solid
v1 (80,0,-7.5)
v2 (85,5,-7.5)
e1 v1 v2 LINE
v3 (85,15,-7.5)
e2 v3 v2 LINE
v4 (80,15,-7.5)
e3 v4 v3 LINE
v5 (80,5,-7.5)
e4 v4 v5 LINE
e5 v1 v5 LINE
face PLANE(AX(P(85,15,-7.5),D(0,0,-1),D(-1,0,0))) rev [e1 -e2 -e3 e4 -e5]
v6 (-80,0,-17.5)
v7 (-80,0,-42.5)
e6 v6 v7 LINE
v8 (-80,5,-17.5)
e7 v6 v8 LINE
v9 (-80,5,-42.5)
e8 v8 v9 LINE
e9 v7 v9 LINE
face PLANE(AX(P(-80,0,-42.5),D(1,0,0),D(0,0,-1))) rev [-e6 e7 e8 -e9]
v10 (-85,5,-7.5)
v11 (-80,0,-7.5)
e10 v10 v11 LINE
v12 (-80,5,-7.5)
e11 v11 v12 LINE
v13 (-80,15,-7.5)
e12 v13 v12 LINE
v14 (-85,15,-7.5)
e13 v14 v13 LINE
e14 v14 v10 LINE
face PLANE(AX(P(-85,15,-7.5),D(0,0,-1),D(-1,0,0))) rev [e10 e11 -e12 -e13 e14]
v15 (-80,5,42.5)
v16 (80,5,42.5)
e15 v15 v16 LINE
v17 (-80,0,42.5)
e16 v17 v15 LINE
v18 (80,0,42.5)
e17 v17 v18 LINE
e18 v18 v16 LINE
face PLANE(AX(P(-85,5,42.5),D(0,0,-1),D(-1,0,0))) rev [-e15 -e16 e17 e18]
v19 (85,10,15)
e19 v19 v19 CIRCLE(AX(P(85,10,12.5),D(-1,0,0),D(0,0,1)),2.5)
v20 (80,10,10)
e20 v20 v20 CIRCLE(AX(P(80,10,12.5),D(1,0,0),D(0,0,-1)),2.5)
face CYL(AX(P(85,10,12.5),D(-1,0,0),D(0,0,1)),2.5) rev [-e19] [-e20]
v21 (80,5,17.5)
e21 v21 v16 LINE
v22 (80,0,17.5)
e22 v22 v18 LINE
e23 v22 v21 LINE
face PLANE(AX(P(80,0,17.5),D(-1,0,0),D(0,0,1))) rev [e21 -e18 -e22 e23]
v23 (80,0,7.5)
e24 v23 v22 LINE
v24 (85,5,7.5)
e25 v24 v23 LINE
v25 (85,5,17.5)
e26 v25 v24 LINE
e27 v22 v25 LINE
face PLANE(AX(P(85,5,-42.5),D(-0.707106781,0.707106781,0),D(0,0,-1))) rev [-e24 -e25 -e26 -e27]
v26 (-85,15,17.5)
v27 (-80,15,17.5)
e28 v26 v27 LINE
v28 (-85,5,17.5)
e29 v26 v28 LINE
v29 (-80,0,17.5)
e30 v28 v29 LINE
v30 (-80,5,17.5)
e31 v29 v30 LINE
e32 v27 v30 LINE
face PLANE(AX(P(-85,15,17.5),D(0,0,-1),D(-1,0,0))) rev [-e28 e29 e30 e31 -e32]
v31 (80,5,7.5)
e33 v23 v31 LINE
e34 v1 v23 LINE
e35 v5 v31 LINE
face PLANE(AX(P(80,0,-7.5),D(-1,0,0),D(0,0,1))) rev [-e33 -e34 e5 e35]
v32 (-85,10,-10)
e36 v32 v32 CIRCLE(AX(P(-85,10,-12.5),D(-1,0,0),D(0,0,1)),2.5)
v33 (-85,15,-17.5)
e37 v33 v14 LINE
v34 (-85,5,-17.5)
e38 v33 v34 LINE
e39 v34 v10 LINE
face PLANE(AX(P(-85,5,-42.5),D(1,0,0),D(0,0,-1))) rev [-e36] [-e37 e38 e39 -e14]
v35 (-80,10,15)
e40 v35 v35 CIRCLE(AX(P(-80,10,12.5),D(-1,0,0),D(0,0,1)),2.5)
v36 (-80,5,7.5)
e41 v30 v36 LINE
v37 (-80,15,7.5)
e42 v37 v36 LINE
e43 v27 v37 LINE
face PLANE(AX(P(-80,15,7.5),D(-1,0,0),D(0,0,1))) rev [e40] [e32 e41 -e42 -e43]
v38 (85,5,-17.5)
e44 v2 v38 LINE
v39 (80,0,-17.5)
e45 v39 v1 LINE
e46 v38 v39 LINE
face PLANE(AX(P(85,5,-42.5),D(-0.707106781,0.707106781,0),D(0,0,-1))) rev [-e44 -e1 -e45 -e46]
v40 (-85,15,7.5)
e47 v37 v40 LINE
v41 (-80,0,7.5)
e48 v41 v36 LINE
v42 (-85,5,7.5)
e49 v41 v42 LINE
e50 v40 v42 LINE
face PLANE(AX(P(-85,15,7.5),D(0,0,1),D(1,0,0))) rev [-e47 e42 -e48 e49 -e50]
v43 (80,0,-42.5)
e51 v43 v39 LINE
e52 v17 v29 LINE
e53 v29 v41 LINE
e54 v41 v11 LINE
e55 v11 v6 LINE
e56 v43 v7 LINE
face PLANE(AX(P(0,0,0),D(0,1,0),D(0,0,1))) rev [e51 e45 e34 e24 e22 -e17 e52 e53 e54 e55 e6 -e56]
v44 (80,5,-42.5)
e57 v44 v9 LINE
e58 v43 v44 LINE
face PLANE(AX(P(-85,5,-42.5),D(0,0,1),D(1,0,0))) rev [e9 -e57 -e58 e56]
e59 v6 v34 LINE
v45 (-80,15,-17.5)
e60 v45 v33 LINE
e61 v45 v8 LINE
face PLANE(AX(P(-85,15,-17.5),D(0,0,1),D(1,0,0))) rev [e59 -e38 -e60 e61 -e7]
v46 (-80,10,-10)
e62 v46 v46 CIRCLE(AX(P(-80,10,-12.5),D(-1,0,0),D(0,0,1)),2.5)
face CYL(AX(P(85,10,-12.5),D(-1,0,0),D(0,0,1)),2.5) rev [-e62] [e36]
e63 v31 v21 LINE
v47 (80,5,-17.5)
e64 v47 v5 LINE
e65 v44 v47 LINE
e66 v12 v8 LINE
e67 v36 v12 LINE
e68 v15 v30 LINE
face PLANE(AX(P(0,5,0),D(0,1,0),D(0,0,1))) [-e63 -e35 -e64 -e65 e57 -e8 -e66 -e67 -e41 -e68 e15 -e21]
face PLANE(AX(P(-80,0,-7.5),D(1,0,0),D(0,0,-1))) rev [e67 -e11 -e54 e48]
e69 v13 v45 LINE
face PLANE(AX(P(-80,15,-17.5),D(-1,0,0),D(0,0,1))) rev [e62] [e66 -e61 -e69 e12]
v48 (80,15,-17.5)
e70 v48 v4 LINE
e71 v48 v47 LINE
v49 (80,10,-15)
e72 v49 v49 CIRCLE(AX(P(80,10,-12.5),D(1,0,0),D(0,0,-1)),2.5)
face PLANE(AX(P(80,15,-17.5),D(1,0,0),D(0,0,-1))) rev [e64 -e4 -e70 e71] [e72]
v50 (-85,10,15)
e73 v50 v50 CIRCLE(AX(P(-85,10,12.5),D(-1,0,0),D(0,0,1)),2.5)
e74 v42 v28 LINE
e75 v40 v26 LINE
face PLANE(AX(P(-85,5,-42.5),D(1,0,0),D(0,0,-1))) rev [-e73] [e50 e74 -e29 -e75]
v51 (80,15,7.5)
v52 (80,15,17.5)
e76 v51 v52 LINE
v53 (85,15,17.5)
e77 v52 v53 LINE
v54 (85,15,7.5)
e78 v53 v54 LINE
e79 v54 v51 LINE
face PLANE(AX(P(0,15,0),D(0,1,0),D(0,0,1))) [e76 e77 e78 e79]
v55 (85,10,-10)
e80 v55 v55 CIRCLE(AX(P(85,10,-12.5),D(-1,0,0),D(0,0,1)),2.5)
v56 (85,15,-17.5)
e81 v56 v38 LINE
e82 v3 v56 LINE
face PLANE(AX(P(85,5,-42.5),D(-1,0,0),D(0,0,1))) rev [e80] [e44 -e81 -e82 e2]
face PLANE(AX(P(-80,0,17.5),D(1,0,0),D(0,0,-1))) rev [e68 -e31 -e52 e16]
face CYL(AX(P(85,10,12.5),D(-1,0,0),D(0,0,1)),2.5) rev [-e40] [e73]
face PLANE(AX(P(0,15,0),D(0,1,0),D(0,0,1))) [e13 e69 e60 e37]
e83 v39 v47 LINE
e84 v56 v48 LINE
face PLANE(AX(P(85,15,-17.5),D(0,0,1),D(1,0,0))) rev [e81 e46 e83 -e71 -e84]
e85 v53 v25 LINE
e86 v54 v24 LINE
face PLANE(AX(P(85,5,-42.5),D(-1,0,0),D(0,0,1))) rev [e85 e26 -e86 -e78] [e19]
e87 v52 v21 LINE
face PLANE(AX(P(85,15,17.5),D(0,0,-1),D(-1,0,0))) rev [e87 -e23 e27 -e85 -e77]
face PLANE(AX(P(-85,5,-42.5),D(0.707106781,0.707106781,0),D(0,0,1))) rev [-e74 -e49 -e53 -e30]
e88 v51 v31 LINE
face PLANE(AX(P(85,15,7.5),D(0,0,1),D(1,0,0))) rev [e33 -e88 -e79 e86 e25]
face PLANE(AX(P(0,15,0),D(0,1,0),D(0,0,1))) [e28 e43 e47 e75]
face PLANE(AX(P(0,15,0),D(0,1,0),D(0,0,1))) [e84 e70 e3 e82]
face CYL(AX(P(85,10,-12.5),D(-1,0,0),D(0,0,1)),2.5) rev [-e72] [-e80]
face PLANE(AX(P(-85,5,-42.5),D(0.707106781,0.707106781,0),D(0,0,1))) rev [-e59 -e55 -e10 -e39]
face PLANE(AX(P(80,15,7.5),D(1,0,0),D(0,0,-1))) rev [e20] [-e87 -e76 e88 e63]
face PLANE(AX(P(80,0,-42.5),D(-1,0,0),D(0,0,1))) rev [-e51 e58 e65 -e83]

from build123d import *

# Parameters (mm, degrees)
SKETCH1_W           = 170
SKETCH1_H           = 85
BOSS_EXTRUDE1_DEPTH = 5
SKETCH2_W           = 5
SKETCH2_H           = 10
BOSS_EXTRUDE2_DEPTH = 10
SKETCH3_R           = 2.5
CUT_EXTRUDE1_DEPTH  = 176.87282337
SKETCH4_W           = 5
SKETCH4_H           = 25
SKETCH4_H_2         = 15
CUT_EXTRUDE2_DEPTH  = 96.557574268
CHAMFER1_SIZE       = 5


with BuildPart() as part:
    # Sketch1 → Boss-Extrude1 (new body)
    with BuildSketch(Plane(origin=(0, 0, 0), x_dir=(1, 0, 0), z_dir=(0, 1, 0))):
        Rectangle(SKETCH1_W, SKETCH1_H)
    extrude(amount=BOSS_EXTRUDE1_DEPTH)

    # Sketch2 → Boss-Extrude2 (add)
    with BuildSketch(Plane(origin=(0, 5, 0), x_dir=(1, 0, 0), z_dir=(0, 1, 0))):
        with Locations((-82.5, 12.5)):
            Rectangle(SKETCH2_W, SKETCH2_H)
        with Locations((-82.5, -12.5)):
            Rectangle(SKETCH2_W, SKETCH2_H)
        with Locations((82.5, -12.5)):
            Rectangle(SKETCH2_W, SKETCH2_H)
        with Locations((82.5, 12.5)):
            Rectangle(SKETCH2_W, SKETCH2_H)
    extrude(amount=BOSS_EXTRUDE2_DEPTH)

    # Sketch3 → Cut-Extrude1 (cut, through all)
    with BuildSketch(Plane.ZY.offset(85)):
        with Locations((-12.5, 10)):
            Circle(SKETCH3_R)
        with Locations((12.5, 10)):
            Circle(SKETCH3_R)
    extrude(amount=-CUT_EXTRUDE1_DEPTH, mode=Mode.SUBTRACT)

    # Sketch4 → Cut-Extrude2 (cut, through all)
    with BuildSketch(Plane(origin=(0, 5, 0), x_dir=(1, 0, 0), z_dir=(0, 1, 0))):
        with Locations((-82.5, 30)):
            Rectangle(SKETCH4_W, SKETCH4_H)
        with Locations((-82.5, -30)):
            Rectangle(SKETCH4_W, SKETCH4_H)
        with Locations((-82.5, 0)):
            Rectangle(SKETCH4_W, SKETCH4_H_2)
        with Locations((82.5, 0)):
            Rectangle(SKETCH4_W, SKETCH4_H_2)
        with Locations((82.5, 30)):
            Rectangle(SKETCH4_W, SKETCH4_H)
        with Locations((82.5, -30)):
            Rectangle(SKETCH4_W, SKETCH4_H)
    extrude(amount=-CUT_EXTRUDE2_DEPTH, mode=Mode.SUBTRACT)

    # Chamfer1
    chamfer1_edges = [part.edges().sort_by_distance(p)[0] for p in [
        (85, 0, 12.5),
        (85, 0, -12.5),
        (-85, 0, 12.5),
        (-85, 0, -12.5),
    ]]
    chamfer(chamfer1_edges, length=CHAMFER1_SIZE)


solid = part.part
